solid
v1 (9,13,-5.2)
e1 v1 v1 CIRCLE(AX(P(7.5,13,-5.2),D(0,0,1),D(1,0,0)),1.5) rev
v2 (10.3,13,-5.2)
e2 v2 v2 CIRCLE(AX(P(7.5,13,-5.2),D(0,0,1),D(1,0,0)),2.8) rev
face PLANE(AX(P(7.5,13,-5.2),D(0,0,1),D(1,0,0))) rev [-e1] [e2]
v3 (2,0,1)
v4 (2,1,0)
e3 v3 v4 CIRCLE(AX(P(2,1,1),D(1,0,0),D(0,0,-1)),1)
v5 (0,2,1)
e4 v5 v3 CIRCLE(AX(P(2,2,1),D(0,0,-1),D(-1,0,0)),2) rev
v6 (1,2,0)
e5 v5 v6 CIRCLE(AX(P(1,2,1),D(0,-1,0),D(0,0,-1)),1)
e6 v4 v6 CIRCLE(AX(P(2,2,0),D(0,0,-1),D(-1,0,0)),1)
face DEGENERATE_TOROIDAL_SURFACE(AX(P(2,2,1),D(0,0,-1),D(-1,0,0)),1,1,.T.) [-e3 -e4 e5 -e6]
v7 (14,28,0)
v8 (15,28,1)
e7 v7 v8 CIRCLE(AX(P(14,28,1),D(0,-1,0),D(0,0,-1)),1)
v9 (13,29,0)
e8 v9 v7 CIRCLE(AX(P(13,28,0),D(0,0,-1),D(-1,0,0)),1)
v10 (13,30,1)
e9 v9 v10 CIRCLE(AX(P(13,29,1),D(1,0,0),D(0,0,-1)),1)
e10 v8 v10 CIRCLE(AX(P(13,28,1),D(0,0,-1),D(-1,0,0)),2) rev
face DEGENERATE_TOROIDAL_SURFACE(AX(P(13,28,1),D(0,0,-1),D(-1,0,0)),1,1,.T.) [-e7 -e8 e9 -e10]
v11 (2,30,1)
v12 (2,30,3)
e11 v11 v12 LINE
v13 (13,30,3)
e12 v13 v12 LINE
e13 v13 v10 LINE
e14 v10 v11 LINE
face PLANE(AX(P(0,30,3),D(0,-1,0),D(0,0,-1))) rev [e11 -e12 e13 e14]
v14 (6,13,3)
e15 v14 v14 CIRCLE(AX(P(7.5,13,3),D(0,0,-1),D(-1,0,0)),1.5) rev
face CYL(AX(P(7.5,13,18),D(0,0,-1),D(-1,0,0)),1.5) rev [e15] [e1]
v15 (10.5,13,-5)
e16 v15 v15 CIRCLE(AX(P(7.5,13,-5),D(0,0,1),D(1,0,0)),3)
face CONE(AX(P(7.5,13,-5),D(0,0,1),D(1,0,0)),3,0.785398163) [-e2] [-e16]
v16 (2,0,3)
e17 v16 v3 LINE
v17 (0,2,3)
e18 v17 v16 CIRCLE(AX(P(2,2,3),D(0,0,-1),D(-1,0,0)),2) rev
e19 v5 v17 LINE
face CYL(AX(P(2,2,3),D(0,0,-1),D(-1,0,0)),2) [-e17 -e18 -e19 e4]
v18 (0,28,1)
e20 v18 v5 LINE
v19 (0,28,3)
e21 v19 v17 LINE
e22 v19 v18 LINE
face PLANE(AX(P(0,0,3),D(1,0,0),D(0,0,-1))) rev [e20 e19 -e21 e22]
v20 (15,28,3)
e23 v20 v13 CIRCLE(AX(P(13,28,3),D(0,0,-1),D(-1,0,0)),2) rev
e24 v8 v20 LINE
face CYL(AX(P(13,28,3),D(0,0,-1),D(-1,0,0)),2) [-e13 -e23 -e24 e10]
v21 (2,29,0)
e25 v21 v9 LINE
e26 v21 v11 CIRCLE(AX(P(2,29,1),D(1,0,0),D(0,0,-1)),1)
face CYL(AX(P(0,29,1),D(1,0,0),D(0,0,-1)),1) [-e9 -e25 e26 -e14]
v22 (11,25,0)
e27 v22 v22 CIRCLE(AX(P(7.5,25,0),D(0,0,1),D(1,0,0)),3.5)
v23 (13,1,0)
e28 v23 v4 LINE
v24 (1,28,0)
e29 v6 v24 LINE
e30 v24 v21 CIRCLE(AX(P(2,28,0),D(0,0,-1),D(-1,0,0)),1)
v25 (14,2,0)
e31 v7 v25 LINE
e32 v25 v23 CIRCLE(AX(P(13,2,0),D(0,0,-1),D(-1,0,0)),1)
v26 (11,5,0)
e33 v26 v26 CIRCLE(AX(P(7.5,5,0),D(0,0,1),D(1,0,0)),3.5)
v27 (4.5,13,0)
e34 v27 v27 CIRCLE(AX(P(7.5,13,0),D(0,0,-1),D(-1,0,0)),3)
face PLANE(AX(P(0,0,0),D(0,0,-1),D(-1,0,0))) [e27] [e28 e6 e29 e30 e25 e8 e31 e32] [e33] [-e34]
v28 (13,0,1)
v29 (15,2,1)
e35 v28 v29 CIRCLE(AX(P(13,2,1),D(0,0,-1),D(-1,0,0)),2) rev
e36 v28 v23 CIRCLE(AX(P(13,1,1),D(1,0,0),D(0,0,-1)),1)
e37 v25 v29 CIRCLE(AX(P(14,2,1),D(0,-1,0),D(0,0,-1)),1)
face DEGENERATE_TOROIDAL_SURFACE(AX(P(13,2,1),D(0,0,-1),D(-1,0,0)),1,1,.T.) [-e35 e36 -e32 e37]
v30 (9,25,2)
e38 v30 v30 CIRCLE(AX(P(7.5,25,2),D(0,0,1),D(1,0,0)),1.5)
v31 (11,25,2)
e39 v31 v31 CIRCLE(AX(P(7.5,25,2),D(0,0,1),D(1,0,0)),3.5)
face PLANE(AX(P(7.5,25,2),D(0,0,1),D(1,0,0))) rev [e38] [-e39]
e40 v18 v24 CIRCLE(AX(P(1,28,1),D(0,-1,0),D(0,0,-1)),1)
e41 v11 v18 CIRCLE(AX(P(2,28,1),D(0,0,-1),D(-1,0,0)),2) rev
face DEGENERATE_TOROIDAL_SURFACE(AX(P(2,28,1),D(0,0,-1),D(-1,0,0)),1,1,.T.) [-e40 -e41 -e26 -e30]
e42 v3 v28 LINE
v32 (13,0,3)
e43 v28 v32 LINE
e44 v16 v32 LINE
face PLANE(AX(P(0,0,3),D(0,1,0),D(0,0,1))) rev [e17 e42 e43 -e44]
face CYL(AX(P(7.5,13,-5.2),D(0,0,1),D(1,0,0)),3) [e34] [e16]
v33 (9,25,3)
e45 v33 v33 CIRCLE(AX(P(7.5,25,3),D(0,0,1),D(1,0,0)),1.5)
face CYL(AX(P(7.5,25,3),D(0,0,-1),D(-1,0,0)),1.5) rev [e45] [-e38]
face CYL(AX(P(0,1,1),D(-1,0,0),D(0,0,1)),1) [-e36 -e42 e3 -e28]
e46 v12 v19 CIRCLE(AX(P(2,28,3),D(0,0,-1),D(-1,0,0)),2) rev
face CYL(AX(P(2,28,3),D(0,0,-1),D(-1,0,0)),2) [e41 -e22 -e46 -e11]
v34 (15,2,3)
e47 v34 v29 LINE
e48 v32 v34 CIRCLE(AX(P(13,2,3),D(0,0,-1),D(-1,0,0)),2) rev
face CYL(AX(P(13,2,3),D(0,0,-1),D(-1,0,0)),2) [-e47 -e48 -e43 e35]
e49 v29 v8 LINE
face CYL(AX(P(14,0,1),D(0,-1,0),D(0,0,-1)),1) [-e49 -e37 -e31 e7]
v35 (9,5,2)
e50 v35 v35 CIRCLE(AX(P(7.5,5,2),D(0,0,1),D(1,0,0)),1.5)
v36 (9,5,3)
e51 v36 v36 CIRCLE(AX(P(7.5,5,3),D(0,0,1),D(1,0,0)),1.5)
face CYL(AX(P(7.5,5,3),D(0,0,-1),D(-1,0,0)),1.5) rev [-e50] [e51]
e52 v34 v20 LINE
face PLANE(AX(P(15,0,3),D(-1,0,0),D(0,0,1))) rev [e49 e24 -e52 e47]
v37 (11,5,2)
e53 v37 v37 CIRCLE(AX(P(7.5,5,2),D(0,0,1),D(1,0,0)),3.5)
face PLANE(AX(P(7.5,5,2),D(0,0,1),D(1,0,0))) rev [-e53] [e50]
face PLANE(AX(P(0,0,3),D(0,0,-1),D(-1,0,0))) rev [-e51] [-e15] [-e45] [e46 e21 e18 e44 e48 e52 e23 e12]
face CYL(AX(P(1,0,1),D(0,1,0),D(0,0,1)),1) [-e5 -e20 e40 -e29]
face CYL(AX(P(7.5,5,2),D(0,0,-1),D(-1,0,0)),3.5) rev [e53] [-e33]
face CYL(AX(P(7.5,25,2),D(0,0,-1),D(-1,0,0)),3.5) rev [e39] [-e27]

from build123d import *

# Parameters (mm, degrees)
ESQUISSE1_W                  = 15
ESQUISSE1_H                  = 30
BOSS_EXTRU_1_DEPTH           = 3
ESQUISSE2_R                  = 1.5
ENL_V_MAT_EXTRU_2_DEPTH      = 3
ESQUISSE3_R                  = 3.5
ENL_V_MAT_EXTRU_3_DEPTH      = 2
ESQUISSE4_R                  = 3
BOSS_EXTRU_2_DEPTH           = 5.2
CONG_3_R                     = 2
CONG_4_R                     = 1
ESQUISSE5_R                  = 1.5
ENL_V_MAT_EXTRU_4_DEPTH      = 18
ENL_V_MAT_EXTRU_4_DEPTH_BACK = 18
CHANFREIN2_SIZE              = 0.2


with BuildPart() as part:
    # Esquisse1 → Boss.-Extru.1 (new body)
    with BuildSketch(Plane.XY):
        with Locations((7.5, 15)):
            Rectangle(ESQUISSE1_W, ESQUISSE1_H)
    extrude(amount=BOSS_EXTRU_1_DEPTH)

    # Esquisse2 → Enlèv. mat.-Extru.2 (cut)
    with BuildSketch(Plane.XY):
        with Locations((7.5, 25)):
            Circle(ESQUISSE2_R)
        with Locations((7.5, 5)):
            Circle(ESQUISSE2_R)
    extrude(amount=ENL_V_MAT_EXTRU_2_DEPTH, mode=Mode.SUBTRACT)

    # Esquisse3 → Enlèv. mat.-Extru.3 (cut)
    with BuildSketch(Plane.XY):
        with Locations((7.5, 25)):
            Circle(ESQUISSE3_R)
        with Locations((7.5, 5)):
            Circle(ESQUISSE3_R)
    extrude(amount=ENL_V_MAT_EXTRU_3_DEPTH, mode=Mode.SUBTRACT)

    # Esquisse4 → Boss.-Extru.2 (add)
    with BuildSketch(Plane.XY):
        with Locations((7.5, 13)):
            Circle(ESQUISSE4_R)
    extrude(amount=-BOSS_EXTRU_2_DEPTH)

    # Congé3
    cong_3_edges = [part.edges().sort_by_distance(p)[0] for p in [
        (0, 30, 1.5),
        (15, 30, 1.5),
        (15, 0, 1.5),
        (0, 0, 1.5),
    ]]
    fillet(cong_3_edges, radius=CONG_3_R)

    # Congé4
    cong_4_edges = [part.edges().sort_by_distance(p)[0] for p in [
        (7.5, 30, 0),
        (0, 15, 0),
        (15, 15, 0),
        (7.5, 0, 0),
        (0.585786438, 29.414213562, 0),
        (0.585786438, 0.585786438, 0),
        (14.414213562, 0.585786438, 0),
        (14.414213562, 29.414213562, 0),
    ]]
    fillet(cong_4_edges, radius=CONG_4_R)

    # Esquisse5 → Enlèv. mat.-Extru.4 (cut, two sides)
    with BuildSketch(Plane.XY) as enl_v_mat_extru_4_sk:
        with Locations((7.5, 13)):
            Circle(ESQUISSE5_R)
    extrude(amount=ENL_V_MAT_EXTRU_4_DEPTH, mode=Mode.SUBTRACT)
    extrude(enl_v_mat_extru_4_sk.sketch, amount=-ENL_V_MAT_EXTRU_4_DEPTH_BACK, mode=Mode.SUBTRACT)

    # Chanfrein2
    chanfrein2_edges = [part.edges().sort_by_distance(p)[0] for p in [
        (4.5, 13, -5.2),
    ]]
    chamfer(chanfrein2_edges, length=CHANFREIN2_SIZE)


solid = part.part
